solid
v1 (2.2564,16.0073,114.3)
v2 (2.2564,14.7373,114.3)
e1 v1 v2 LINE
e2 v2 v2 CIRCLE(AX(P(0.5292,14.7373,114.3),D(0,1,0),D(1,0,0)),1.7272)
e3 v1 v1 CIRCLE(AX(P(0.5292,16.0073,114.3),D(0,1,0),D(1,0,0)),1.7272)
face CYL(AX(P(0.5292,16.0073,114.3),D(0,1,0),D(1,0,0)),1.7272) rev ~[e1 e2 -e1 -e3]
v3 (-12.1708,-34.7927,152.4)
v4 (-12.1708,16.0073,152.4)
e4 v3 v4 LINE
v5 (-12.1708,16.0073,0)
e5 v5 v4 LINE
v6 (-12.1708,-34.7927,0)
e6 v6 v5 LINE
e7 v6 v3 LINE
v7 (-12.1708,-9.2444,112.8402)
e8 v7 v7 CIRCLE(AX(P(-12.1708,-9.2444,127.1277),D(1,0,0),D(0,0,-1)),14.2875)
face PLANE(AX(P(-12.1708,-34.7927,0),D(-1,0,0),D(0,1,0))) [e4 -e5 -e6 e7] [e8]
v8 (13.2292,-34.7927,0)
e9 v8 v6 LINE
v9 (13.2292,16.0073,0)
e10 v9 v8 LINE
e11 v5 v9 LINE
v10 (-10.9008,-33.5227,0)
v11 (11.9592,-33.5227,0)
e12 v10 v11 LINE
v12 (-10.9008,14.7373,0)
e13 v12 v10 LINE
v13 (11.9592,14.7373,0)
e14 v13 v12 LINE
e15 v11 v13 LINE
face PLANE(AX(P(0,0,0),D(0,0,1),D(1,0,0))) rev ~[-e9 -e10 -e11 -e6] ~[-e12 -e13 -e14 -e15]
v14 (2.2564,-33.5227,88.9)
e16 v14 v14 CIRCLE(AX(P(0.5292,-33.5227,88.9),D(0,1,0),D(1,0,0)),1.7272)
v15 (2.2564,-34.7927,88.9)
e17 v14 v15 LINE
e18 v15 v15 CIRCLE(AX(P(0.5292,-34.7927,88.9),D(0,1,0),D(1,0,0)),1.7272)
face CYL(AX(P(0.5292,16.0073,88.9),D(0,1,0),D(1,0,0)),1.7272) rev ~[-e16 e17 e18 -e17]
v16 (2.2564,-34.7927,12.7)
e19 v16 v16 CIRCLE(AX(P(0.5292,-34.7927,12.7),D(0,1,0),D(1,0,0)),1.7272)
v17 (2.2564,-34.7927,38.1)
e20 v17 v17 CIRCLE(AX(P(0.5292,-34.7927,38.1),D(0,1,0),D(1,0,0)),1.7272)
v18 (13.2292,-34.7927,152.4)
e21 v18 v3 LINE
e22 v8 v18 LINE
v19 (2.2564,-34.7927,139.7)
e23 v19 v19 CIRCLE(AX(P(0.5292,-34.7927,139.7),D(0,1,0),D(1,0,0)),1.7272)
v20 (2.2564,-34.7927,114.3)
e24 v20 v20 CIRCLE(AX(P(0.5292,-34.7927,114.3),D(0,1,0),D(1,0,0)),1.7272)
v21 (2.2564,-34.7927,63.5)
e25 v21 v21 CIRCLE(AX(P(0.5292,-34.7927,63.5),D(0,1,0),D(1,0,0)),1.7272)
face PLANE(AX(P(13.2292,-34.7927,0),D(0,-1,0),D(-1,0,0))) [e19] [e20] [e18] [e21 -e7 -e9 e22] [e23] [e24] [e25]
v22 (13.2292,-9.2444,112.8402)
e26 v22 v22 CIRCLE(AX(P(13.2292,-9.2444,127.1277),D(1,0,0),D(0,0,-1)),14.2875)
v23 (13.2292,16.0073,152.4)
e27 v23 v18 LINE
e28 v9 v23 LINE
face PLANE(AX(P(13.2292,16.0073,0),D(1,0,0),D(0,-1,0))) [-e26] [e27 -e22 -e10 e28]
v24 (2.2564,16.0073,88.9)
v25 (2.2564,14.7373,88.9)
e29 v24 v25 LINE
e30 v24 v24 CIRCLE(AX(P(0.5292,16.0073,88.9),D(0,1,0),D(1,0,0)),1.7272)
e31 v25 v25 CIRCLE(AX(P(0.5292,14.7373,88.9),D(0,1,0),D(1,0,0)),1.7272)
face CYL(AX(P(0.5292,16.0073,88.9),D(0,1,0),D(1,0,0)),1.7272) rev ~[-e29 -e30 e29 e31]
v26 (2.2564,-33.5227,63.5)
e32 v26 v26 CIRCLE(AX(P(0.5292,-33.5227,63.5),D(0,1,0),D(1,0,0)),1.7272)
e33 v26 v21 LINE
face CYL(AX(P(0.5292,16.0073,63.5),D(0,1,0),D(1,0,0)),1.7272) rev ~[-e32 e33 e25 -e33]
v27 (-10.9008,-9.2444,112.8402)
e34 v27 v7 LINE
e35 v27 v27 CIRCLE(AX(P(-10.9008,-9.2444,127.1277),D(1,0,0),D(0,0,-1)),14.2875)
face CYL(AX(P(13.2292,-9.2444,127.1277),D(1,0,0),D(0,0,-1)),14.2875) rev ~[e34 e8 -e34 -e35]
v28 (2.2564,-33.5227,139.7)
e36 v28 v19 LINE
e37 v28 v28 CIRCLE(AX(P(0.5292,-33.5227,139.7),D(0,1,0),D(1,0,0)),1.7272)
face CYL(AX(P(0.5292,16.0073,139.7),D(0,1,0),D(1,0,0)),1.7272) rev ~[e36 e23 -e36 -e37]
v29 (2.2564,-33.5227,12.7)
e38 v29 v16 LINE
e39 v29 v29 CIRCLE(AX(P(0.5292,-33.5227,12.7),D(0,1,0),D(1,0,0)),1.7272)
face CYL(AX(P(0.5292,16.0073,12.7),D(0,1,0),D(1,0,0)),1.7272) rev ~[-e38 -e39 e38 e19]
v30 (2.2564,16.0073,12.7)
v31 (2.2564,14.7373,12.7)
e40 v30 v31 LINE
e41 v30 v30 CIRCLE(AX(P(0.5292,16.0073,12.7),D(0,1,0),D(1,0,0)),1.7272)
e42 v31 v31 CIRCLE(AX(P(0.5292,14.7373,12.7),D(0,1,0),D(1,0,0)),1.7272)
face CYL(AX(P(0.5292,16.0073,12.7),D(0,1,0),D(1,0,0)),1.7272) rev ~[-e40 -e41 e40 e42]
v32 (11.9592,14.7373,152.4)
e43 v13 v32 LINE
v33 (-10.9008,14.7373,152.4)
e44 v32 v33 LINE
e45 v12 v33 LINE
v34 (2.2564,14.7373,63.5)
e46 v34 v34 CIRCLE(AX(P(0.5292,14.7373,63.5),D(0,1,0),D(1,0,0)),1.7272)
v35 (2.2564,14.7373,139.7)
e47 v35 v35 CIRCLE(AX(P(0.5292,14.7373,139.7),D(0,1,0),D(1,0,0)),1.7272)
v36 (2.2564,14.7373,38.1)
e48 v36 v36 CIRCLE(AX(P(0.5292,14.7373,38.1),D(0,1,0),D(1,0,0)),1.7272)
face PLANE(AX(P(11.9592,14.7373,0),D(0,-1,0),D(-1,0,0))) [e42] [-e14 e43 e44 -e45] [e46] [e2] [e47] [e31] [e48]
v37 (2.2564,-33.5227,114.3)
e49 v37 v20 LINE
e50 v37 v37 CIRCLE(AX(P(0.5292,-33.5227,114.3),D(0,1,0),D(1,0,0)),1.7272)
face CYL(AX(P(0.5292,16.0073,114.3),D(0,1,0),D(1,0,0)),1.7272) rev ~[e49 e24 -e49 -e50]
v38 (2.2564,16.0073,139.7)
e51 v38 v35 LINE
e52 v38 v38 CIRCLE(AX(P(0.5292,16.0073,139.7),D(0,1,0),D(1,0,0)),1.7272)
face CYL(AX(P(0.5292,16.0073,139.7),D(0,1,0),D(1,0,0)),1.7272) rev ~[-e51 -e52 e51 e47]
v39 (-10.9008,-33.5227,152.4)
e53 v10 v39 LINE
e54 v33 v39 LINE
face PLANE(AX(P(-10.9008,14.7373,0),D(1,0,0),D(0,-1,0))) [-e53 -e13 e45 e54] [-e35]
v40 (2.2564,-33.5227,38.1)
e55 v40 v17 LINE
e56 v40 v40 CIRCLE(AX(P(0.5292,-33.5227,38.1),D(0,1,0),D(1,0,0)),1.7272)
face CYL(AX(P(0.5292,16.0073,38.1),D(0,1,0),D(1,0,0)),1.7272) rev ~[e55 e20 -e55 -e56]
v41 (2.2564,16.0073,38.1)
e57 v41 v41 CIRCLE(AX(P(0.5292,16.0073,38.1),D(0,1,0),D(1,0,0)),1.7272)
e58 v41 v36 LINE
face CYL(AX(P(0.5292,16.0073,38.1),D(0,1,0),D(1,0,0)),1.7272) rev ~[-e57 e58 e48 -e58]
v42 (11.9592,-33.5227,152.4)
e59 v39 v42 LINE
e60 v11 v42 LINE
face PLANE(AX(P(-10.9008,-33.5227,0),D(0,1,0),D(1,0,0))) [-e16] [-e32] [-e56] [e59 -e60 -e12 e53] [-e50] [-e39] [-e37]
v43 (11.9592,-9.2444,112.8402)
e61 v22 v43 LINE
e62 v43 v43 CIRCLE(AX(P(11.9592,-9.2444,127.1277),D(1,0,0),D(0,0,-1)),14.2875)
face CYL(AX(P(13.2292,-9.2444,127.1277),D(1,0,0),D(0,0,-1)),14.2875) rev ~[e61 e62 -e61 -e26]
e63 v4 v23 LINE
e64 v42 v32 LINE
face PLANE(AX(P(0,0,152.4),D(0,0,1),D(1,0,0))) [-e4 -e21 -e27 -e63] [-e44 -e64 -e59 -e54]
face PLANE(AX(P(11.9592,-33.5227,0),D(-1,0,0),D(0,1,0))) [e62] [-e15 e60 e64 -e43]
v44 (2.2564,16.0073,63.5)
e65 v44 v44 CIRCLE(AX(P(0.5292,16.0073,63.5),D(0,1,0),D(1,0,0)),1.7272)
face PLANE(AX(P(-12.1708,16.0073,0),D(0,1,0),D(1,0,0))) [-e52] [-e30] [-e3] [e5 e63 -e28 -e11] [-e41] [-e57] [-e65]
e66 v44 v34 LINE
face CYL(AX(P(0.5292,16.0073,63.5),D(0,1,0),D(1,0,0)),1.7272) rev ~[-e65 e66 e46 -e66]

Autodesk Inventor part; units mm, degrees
ref_plane "YZ Plane" through (0, 0, 0) normal (1, 0, 0) x (0, 1, 0)
ref_plane "XZ Plane" through (0, 0, 0) normal (0, 1, 0) x (-1, 0, 0)
ref_plane "XY Plane" through (0, 0, 0) normal (0, 0, 1) x (1, 0, 0)
sketch "Sketch1" plane through (0, 0, 0) normal (0, 0, 1) x (1, 0, 0)
  line L0 (-12.1708, 16.0073) -> (13.2292, 16.0073)
  line L1 (13.2292, 16.0073) -> (13.2292, -34.7927)
  line L2 (13.2292, -34.7927) -> (-12.1708, -34.7927)
  line L3 (-12.1708, -34.7927) -> (-12.1708, 16.0073)
  line L4 (11.9592, 14.7373) -> (-10.9008, 14.7373)
  line L5 (-10.9008, 14.7373) -> (-10.9008, -33.5227)
  line L6 (-10.9008, -33.5227) -> (11.9592, -33.5227)
  line L7 (11.9592, -33.5227) -> (11.9592, 14.7373)
  point P0 (0, 0)
  dimension "d0" = 25.4
  dimension "d1" = 50.8
  dimension "d2" = 1.27
extrude "Extrusion1" add sketch "Sketch1" along normal blind 152.4
sketch "Sketch2" plane through (-12.1708, 16.0073, 0) normal (0, 1, 0) x (1, 0, 0)
  circle A0 centre (12.7, -12.7) radius 1.7272
  line L0 (25.4, 0) -> (0, 0) projected
  line L1 (0, 0) -> (0, -152.4) projected
  point P0 (12.1708, 0)
  dimension "d5" = 3.4544
  dimension "d6" = 12.7
  dimension "d7" = 12.7
extrude "Extrusion2" cut sketch "Sketch2" against normal through all
pattern_linear "Rectangular Pattern1" count 6 spacing 25.4 along (0, 0, 1) of "Extrusion2"
sketch "Sketch3" plane through (13.2292, -34.7927, 0) normal (1, 0, 0) x (0, 0, -1)
  circle A0 centre (-127.1277, 25.5483) radius 14.2875
  line L0 (-152.5277, 50.9483) -> (-127.1277, 25.5483) construction
  point P0 (0, 34.7927)
  dimension "d15" = 25.4
  dimension "d16" = 25.4
  dimension "d17" = 28.575
extrude "Extrusion3" cut sketch "Sketch3" against normal through all
equation "\"d3\" = d13"
equation "\"d13\" = 152.4"
properties part number "VerseFrame 6in w Bearing Hole"
